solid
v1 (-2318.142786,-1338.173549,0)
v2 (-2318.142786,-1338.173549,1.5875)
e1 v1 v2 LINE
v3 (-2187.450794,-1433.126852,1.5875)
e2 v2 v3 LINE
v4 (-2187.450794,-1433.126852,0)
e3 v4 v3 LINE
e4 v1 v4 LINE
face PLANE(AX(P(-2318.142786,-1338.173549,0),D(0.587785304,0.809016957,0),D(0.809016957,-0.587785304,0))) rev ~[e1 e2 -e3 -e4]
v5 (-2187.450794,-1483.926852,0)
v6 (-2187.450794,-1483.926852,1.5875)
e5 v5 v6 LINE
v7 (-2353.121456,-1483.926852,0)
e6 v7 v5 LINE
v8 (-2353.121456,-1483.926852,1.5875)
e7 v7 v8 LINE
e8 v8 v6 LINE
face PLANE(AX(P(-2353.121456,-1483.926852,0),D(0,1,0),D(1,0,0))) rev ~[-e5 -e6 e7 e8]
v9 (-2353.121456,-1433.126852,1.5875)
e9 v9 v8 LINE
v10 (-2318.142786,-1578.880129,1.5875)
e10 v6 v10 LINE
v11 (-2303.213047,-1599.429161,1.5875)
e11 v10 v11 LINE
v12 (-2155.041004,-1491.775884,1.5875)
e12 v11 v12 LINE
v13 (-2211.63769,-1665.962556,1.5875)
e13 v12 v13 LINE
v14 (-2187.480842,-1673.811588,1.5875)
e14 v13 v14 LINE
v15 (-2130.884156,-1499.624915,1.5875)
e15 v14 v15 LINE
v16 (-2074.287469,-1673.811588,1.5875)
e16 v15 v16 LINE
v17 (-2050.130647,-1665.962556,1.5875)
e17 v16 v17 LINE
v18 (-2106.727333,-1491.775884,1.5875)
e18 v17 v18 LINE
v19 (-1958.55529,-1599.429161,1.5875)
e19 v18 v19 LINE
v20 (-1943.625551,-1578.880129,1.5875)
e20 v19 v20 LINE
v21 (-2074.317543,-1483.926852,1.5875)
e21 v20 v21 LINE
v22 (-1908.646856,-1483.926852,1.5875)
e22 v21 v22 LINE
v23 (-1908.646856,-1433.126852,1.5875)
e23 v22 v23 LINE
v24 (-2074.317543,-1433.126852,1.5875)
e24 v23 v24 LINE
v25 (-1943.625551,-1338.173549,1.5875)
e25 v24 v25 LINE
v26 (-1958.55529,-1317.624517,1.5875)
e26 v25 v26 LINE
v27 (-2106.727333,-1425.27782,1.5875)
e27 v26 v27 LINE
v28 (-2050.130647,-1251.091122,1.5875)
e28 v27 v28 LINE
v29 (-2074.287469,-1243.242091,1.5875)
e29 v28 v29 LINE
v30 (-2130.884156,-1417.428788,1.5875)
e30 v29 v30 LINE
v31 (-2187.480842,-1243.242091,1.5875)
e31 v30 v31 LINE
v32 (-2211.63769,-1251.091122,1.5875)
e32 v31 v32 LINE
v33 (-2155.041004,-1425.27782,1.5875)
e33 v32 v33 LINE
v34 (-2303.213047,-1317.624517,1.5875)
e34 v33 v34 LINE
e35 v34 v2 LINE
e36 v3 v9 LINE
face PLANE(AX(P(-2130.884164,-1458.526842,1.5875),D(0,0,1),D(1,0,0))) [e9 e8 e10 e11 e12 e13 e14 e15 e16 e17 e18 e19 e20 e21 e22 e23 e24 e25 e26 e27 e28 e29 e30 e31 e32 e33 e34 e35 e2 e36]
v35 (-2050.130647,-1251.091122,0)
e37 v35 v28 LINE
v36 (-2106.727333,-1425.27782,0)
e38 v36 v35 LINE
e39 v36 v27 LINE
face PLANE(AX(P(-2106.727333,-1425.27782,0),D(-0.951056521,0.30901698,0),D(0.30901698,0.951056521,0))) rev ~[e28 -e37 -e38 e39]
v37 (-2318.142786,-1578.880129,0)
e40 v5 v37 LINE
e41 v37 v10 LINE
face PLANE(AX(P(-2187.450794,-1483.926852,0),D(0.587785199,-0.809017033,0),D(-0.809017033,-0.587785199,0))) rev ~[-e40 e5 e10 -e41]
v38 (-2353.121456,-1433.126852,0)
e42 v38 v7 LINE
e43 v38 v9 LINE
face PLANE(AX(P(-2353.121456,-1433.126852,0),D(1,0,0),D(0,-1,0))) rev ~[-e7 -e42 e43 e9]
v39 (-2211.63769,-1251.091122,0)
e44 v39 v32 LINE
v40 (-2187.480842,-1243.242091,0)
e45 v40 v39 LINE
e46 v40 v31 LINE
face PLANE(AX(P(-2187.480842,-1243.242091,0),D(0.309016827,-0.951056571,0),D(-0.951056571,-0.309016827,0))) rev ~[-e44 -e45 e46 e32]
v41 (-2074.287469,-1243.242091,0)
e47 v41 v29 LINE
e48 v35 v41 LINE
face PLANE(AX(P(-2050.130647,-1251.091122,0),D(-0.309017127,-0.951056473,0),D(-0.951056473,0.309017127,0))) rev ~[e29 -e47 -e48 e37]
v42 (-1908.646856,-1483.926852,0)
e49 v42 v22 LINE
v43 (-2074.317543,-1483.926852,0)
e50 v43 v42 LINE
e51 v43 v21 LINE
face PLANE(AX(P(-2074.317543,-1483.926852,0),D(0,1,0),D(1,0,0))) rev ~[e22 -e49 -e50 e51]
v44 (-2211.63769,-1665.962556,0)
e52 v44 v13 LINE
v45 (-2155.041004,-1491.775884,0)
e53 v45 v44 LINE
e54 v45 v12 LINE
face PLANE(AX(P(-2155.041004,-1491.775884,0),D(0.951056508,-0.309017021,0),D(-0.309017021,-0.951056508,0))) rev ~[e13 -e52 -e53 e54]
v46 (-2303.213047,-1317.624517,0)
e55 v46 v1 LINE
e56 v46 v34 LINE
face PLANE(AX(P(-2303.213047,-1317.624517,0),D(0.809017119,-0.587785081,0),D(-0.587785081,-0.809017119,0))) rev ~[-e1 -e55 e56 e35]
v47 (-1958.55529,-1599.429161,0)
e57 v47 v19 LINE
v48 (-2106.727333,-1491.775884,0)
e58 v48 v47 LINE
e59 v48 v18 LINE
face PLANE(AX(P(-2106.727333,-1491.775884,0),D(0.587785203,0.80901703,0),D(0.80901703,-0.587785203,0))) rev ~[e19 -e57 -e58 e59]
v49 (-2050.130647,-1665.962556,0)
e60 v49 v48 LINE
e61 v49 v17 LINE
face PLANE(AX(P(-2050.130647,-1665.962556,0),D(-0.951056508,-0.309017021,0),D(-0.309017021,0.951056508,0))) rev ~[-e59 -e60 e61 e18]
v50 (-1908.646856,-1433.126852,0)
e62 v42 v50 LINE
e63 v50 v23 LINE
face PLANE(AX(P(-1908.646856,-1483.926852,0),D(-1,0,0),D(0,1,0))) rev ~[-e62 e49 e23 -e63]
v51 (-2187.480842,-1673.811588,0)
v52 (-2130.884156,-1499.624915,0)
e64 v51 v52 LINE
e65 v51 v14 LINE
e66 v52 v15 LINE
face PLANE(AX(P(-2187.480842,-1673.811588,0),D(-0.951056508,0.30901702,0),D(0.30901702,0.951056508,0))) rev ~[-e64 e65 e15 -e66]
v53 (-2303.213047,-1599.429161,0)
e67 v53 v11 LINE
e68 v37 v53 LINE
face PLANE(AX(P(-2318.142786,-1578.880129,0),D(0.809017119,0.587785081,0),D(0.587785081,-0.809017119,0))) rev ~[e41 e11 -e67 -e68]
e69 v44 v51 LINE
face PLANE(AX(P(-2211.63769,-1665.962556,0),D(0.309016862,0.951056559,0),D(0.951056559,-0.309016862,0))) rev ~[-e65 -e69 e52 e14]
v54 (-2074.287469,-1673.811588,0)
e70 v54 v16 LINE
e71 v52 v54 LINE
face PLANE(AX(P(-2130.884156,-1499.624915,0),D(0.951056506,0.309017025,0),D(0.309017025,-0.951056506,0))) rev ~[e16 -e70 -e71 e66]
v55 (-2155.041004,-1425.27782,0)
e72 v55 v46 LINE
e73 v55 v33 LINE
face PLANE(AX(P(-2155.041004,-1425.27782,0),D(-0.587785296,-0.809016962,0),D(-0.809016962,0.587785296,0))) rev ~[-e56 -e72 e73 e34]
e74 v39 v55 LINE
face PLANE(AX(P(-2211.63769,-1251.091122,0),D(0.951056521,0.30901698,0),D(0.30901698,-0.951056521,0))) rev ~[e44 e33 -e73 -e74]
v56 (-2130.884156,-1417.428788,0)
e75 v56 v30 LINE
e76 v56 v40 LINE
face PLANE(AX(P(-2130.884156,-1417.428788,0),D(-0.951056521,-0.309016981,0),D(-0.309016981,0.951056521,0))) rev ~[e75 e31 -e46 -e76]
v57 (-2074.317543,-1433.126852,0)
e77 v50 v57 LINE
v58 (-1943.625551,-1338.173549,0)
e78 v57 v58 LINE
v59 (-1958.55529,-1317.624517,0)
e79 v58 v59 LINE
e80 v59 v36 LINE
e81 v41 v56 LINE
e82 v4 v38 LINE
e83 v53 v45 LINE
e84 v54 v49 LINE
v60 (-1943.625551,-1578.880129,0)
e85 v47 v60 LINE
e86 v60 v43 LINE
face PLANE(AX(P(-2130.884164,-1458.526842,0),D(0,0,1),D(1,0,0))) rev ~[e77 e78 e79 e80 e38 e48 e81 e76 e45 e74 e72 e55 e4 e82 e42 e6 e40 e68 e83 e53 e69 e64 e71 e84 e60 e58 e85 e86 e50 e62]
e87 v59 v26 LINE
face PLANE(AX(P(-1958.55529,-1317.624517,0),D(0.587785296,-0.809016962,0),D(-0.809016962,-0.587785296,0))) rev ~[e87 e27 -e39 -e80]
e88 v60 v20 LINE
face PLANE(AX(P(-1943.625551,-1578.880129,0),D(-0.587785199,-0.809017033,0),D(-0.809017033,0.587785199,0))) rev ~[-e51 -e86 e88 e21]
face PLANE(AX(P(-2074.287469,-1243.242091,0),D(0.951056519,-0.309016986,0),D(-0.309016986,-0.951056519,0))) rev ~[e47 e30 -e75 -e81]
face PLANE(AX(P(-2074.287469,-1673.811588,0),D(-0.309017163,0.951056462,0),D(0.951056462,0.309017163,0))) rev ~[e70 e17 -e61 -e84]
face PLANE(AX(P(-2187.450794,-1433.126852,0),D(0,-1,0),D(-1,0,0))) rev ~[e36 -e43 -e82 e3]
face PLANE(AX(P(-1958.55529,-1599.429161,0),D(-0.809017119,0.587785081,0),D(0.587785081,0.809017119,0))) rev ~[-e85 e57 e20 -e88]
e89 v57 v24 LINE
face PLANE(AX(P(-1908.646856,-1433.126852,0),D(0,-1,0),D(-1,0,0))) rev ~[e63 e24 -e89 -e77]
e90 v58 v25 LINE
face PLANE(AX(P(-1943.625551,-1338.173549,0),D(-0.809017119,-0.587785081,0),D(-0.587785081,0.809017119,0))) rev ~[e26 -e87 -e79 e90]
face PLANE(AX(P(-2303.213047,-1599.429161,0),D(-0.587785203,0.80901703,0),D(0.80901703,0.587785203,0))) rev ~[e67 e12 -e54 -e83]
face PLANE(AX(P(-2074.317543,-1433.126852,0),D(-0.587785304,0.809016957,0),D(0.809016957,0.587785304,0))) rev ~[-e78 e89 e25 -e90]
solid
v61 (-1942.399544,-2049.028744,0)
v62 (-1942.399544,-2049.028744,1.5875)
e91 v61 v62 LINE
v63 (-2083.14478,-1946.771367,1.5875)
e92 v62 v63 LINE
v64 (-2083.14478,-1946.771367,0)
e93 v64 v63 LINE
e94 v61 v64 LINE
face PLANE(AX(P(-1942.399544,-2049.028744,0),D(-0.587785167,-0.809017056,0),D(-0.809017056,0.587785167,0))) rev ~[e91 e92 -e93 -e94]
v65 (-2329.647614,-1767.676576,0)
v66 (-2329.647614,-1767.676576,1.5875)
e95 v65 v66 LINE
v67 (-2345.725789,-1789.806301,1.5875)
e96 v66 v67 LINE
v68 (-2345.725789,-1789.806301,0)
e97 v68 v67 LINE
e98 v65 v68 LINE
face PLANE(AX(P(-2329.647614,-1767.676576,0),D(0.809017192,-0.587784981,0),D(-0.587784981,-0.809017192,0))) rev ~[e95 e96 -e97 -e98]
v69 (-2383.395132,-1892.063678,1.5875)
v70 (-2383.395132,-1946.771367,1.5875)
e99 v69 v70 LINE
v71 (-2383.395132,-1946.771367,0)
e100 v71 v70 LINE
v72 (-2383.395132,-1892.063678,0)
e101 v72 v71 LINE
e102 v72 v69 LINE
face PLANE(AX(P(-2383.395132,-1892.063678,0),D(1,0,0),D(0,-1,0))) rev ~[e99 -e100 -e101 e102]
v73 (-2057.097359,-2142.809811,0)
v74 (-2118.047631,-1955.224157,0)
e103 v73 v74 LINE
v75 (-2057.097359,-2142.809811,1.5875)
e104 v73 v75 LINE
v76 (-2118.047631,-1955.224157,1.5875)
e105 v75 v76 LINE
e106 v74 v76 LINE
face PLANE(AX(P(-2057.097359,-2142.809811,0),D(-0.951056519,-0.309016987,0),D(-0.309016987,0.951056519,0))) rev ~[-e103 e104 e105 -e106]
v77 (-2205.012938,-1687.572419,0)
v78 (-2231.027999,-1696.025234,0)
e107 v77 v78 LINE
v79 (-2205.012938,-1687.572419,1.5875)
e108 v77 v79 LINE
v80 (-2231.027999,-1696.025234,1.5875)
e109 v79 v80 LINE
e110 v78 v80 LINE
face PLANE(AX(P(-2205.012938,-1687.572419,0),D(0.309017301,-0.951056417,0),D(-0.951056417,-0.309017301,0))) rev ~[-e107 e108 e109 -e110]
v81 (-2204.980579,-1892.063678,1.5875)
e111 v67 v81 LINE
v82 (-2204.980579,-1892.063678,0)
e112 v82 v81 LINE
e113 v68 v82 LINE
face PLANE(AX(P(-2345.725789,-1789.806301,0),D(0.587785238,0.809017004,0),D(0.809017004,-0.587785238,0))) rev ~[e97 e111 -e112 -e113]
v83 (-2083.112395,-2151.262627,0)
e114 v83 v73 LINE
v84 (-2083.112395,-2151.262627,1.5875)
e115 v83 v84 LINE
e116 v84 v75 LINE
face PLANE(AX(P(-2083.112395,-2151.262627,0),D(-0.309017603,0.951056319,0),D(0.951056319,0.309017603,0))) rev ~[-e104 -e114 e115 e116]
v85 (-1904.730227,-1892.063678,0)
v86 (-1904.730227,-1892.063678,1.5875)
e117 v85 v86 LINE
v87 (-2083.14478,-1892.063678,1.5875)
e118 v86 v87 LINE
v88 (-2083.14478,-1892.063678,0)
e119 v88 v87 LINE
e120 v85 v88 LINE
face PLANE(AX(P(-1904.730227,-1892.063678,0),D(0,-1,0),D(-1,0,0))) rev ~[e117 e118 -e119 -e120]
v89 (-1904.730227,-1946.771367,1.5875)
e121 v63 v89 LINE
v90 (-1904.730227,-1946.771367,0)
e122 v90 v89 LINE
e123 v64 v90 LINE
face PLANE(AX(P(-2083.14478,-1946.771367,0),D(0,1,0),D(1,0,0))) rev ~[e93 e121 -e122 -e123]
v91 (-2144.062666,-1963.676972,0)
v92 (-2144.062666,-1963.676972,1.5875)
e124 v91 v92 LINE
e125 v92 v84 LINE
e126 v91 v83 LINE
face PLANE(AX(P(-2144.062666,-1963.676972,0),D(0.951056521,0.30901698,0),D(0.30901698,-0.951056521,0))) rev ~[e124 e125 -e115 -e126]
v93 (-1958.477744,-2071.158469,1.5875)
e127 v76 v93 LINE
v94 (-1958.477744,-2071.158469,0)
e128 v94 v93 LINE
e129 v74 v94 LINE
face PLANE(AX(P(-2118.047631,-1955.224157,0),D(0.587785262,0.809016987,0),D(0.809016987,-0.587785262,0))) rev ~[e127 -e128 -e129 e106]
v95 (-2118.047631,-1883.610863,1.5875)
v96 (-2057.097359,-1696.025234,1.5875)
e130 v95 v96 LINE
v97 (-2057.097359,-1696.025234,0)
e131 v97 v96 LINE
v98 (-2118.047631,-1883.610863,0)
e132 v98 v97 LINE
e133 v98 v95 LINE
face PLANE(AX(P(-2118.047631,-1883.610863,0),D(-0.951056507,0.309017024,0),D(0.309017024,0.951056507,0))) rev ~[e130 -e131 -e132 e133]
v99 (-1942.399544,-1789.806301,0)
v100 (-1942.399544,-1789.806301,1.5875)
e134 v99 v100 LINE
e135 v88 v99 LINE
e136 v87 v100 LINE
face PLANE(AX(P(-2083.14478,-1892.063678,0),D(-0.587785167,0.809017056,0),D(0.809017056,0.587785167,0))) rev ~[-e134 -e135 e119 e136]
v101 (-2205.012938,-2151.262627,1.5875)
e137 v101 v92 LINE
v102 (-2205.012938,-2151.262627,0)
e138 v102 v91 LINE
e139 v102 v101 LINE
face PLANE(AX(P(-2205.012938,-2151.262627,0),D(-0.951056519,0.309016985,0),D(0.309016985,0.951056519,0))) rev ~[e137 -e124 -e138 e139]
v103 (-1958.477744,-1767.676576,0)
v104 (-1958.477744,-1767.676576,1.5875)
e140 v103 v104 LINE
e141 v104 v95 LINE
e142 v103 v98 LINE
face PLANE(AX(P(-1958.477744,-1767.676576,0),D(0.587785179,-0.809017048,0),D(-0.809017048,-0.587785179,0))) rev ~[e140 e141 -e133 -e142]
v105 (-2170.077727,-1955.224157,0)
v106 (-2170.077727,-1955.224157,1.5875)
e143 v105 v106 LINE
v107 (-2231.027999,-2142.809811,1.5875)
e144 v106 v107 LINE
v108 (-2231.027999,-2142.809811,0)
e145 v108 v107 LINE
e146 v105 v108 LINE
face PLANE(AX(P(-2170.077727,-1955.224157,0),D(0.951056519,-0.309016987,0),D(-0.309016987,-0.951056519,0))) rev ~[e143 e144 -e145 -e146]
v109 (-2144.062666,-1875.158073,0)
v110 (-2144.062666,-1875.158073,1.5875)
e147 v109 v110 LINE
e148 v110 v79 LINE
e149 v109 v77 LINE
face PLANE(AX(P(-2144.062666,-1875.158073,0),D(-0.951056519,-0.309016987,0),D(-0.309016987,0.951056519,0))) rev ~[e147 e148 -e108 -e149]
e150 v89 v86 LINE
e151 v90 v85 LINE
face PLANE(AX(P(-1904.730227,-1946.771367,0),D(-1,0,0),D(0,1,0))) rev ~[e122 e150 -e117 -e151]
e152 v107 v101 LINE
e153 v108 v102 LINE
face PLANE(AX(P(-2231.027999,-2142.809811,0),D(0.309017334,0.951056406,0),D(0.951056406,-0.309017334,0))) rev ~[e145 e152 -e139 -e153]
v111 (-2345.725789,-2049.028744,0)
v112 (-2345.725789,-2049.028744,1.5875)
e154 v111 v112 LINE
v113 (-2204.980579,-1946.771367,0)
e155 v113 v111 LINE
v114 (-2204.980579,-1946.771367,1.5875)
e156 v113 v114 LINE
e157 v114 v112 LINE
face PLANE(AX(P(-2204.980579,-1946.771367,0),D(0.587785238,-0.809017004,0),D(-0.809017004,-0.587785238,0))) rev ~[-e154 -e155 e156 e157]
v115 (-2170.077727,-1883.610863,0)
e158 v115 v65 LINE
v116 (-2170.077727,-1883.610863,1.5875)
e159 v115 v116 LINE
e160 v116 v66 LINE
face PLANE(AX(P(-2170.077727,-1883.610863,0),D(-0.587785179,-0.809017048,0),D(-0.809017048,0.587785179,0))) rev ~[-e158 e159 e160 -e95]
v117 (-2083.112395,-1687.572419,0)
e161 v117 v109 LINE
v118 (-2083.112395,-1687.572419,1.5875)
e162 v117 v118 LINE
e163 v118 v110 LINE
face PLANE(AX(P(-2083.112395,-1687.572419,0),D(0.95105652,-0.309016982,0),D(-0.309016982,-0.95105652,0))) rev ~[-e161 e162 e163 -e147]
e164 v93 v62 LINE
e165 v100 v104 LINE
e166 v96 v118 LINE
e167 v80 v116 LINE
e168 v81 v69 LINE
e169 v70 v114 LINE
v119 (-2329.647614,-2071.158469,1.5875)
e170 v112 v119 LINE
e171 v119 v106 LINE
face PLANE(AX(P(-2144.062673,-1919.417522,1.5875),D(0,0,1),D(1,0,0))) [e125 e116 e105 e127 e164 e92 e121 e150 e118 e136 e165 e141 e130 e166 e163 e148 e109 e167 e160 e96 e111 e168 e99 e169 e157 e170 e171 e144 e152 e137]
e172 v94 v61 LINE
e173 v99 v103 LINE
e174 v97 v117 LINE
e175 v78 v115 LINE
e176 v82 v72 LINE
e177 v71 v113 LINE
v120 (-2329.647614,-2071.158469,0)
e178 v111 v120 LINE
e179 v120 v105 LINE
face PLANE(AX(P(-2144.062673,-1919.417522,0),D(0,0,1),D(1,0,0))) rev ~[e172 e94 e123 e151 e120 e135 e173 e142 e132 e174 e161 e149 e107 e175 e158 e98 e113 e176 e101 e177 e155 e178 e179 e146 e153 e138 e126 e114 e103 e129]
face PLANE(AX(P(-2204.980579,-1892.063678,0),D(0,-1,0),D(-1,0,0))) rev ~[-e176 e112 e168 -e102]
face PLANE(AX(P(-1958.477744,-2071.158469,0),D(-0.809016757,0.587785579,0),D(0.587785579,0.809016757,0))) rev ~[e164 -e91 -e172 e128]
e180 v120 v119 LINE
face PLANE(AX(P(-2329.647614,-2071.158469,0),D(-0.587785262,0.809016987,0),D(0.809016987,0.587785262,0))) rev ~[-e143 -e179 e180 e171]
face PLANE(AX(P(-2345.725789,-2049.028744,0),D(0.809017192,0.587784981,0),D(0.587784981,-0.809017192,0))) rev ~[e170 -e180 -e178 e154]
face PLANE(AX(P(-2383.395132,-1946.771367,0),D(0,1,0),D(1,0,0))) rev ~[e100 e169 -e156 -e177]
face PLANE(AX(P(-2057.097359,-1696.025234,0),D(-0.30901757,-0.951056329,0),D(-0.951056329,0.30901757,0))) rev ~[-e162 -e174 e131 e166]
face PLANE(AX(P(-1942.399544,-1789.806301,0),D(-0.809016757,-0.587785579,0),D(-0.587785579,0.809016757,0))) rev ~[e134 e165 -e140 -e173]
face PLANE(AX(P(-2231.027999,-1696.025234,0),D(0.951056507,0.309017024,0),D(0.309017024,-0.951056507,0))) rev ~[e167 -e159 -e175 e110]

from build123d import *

# Parameters (mm, degrees)
F1_DEPTH = 1.5875


with BuildPart() as f1:
    # F0 (on Top) → F1 (new body)
    with BuildSketch(Plane.XY):
        Polygon((-1958.55529, -1317.624517), (-2106.727333, -1425.27782), (-2050.130647, -1251.091122), (-2074.287469, -1243.242091), (-2130.884156, -1417.428788), (-2187.480842, -1243.242091), (-2211.63769, -1251.091122), (-2155.041004, -1425.27782), (-2303.213047, -1317.624517), (-2318.142786, -1338.173549), (-2187.450794, -1433.126852), (-2353.121456, -1433.126852), (-2353.121456, -1458.526852), (-2353.121456, -1483.926852), (-2187.450794, -1483.926852), (-2318.142786, -1578.880129), (-2303.213047, -1599.429161), (-2155.041004, -1491.775884), (-2211.63769, -1665.962556), (-2187.480842, -1673.811588), (-2130.884156, -1499.624915), (-2074.287469, -1673.811588), (-2050.130647, -1665.962556), (-2106.727333, -1491.775884), (-1958.55529, -1599.429161), (-1943.625551, -1578.880129), (-2074.317543, -1483.926852), (-1908.646856, -1483.926852), (-1908.646856, -1458.526852), (-1908.646856, -1433.126852), (-2074.317543, -1433.126852), (-1943.625551, -1338.173549), align=None)
        Polygon((-1958.477744, -1767.676576), (-2118.047631, -1883.610863), (-2057.097359, -1696.025234), (-2083.112395, -1687.572419), (-2144.062666, -1875.158073), (-2205.012938, -1687.572419), (-2231.027999, -1696.025234), (-2170.077727, -1883.610863), (-2329.647614, -1767.676576), (-2345.725789, -1789.806301), (-2204.980579, -1892.063678), (-2383.395132, -1892.063678), (-2383.395132, -1919.417523), (-2383.395132, -1946.771367), (-2204.980579, -1946.771367), (-2345.725789, -2049.028744), (-2329.647614, -2071.158469), (-2170.077727, -1955.224157), (-2231.027999, -2142.809811), (-2205.012938, -2151.262627), (-2144.062666, -1963.676972), (-2083.112395, -2151.262627), (-2057.097359, -2142.809811), (-2118.047631, -1955.224157), (-1958.477744, -2071.158469), (-1942.399544, -2049.028744), (-2083.14478, -1946.771367), (-1904.730227, -1946.771367), (-1904.730227, -1919.417523), (-1904.730227, -1892.063678), (-2083.14478, -1892.063678), (-1942.399544, -1789.806301), align=None)
    extrude(amount=F1_DEPTH)


solid = f1.part
